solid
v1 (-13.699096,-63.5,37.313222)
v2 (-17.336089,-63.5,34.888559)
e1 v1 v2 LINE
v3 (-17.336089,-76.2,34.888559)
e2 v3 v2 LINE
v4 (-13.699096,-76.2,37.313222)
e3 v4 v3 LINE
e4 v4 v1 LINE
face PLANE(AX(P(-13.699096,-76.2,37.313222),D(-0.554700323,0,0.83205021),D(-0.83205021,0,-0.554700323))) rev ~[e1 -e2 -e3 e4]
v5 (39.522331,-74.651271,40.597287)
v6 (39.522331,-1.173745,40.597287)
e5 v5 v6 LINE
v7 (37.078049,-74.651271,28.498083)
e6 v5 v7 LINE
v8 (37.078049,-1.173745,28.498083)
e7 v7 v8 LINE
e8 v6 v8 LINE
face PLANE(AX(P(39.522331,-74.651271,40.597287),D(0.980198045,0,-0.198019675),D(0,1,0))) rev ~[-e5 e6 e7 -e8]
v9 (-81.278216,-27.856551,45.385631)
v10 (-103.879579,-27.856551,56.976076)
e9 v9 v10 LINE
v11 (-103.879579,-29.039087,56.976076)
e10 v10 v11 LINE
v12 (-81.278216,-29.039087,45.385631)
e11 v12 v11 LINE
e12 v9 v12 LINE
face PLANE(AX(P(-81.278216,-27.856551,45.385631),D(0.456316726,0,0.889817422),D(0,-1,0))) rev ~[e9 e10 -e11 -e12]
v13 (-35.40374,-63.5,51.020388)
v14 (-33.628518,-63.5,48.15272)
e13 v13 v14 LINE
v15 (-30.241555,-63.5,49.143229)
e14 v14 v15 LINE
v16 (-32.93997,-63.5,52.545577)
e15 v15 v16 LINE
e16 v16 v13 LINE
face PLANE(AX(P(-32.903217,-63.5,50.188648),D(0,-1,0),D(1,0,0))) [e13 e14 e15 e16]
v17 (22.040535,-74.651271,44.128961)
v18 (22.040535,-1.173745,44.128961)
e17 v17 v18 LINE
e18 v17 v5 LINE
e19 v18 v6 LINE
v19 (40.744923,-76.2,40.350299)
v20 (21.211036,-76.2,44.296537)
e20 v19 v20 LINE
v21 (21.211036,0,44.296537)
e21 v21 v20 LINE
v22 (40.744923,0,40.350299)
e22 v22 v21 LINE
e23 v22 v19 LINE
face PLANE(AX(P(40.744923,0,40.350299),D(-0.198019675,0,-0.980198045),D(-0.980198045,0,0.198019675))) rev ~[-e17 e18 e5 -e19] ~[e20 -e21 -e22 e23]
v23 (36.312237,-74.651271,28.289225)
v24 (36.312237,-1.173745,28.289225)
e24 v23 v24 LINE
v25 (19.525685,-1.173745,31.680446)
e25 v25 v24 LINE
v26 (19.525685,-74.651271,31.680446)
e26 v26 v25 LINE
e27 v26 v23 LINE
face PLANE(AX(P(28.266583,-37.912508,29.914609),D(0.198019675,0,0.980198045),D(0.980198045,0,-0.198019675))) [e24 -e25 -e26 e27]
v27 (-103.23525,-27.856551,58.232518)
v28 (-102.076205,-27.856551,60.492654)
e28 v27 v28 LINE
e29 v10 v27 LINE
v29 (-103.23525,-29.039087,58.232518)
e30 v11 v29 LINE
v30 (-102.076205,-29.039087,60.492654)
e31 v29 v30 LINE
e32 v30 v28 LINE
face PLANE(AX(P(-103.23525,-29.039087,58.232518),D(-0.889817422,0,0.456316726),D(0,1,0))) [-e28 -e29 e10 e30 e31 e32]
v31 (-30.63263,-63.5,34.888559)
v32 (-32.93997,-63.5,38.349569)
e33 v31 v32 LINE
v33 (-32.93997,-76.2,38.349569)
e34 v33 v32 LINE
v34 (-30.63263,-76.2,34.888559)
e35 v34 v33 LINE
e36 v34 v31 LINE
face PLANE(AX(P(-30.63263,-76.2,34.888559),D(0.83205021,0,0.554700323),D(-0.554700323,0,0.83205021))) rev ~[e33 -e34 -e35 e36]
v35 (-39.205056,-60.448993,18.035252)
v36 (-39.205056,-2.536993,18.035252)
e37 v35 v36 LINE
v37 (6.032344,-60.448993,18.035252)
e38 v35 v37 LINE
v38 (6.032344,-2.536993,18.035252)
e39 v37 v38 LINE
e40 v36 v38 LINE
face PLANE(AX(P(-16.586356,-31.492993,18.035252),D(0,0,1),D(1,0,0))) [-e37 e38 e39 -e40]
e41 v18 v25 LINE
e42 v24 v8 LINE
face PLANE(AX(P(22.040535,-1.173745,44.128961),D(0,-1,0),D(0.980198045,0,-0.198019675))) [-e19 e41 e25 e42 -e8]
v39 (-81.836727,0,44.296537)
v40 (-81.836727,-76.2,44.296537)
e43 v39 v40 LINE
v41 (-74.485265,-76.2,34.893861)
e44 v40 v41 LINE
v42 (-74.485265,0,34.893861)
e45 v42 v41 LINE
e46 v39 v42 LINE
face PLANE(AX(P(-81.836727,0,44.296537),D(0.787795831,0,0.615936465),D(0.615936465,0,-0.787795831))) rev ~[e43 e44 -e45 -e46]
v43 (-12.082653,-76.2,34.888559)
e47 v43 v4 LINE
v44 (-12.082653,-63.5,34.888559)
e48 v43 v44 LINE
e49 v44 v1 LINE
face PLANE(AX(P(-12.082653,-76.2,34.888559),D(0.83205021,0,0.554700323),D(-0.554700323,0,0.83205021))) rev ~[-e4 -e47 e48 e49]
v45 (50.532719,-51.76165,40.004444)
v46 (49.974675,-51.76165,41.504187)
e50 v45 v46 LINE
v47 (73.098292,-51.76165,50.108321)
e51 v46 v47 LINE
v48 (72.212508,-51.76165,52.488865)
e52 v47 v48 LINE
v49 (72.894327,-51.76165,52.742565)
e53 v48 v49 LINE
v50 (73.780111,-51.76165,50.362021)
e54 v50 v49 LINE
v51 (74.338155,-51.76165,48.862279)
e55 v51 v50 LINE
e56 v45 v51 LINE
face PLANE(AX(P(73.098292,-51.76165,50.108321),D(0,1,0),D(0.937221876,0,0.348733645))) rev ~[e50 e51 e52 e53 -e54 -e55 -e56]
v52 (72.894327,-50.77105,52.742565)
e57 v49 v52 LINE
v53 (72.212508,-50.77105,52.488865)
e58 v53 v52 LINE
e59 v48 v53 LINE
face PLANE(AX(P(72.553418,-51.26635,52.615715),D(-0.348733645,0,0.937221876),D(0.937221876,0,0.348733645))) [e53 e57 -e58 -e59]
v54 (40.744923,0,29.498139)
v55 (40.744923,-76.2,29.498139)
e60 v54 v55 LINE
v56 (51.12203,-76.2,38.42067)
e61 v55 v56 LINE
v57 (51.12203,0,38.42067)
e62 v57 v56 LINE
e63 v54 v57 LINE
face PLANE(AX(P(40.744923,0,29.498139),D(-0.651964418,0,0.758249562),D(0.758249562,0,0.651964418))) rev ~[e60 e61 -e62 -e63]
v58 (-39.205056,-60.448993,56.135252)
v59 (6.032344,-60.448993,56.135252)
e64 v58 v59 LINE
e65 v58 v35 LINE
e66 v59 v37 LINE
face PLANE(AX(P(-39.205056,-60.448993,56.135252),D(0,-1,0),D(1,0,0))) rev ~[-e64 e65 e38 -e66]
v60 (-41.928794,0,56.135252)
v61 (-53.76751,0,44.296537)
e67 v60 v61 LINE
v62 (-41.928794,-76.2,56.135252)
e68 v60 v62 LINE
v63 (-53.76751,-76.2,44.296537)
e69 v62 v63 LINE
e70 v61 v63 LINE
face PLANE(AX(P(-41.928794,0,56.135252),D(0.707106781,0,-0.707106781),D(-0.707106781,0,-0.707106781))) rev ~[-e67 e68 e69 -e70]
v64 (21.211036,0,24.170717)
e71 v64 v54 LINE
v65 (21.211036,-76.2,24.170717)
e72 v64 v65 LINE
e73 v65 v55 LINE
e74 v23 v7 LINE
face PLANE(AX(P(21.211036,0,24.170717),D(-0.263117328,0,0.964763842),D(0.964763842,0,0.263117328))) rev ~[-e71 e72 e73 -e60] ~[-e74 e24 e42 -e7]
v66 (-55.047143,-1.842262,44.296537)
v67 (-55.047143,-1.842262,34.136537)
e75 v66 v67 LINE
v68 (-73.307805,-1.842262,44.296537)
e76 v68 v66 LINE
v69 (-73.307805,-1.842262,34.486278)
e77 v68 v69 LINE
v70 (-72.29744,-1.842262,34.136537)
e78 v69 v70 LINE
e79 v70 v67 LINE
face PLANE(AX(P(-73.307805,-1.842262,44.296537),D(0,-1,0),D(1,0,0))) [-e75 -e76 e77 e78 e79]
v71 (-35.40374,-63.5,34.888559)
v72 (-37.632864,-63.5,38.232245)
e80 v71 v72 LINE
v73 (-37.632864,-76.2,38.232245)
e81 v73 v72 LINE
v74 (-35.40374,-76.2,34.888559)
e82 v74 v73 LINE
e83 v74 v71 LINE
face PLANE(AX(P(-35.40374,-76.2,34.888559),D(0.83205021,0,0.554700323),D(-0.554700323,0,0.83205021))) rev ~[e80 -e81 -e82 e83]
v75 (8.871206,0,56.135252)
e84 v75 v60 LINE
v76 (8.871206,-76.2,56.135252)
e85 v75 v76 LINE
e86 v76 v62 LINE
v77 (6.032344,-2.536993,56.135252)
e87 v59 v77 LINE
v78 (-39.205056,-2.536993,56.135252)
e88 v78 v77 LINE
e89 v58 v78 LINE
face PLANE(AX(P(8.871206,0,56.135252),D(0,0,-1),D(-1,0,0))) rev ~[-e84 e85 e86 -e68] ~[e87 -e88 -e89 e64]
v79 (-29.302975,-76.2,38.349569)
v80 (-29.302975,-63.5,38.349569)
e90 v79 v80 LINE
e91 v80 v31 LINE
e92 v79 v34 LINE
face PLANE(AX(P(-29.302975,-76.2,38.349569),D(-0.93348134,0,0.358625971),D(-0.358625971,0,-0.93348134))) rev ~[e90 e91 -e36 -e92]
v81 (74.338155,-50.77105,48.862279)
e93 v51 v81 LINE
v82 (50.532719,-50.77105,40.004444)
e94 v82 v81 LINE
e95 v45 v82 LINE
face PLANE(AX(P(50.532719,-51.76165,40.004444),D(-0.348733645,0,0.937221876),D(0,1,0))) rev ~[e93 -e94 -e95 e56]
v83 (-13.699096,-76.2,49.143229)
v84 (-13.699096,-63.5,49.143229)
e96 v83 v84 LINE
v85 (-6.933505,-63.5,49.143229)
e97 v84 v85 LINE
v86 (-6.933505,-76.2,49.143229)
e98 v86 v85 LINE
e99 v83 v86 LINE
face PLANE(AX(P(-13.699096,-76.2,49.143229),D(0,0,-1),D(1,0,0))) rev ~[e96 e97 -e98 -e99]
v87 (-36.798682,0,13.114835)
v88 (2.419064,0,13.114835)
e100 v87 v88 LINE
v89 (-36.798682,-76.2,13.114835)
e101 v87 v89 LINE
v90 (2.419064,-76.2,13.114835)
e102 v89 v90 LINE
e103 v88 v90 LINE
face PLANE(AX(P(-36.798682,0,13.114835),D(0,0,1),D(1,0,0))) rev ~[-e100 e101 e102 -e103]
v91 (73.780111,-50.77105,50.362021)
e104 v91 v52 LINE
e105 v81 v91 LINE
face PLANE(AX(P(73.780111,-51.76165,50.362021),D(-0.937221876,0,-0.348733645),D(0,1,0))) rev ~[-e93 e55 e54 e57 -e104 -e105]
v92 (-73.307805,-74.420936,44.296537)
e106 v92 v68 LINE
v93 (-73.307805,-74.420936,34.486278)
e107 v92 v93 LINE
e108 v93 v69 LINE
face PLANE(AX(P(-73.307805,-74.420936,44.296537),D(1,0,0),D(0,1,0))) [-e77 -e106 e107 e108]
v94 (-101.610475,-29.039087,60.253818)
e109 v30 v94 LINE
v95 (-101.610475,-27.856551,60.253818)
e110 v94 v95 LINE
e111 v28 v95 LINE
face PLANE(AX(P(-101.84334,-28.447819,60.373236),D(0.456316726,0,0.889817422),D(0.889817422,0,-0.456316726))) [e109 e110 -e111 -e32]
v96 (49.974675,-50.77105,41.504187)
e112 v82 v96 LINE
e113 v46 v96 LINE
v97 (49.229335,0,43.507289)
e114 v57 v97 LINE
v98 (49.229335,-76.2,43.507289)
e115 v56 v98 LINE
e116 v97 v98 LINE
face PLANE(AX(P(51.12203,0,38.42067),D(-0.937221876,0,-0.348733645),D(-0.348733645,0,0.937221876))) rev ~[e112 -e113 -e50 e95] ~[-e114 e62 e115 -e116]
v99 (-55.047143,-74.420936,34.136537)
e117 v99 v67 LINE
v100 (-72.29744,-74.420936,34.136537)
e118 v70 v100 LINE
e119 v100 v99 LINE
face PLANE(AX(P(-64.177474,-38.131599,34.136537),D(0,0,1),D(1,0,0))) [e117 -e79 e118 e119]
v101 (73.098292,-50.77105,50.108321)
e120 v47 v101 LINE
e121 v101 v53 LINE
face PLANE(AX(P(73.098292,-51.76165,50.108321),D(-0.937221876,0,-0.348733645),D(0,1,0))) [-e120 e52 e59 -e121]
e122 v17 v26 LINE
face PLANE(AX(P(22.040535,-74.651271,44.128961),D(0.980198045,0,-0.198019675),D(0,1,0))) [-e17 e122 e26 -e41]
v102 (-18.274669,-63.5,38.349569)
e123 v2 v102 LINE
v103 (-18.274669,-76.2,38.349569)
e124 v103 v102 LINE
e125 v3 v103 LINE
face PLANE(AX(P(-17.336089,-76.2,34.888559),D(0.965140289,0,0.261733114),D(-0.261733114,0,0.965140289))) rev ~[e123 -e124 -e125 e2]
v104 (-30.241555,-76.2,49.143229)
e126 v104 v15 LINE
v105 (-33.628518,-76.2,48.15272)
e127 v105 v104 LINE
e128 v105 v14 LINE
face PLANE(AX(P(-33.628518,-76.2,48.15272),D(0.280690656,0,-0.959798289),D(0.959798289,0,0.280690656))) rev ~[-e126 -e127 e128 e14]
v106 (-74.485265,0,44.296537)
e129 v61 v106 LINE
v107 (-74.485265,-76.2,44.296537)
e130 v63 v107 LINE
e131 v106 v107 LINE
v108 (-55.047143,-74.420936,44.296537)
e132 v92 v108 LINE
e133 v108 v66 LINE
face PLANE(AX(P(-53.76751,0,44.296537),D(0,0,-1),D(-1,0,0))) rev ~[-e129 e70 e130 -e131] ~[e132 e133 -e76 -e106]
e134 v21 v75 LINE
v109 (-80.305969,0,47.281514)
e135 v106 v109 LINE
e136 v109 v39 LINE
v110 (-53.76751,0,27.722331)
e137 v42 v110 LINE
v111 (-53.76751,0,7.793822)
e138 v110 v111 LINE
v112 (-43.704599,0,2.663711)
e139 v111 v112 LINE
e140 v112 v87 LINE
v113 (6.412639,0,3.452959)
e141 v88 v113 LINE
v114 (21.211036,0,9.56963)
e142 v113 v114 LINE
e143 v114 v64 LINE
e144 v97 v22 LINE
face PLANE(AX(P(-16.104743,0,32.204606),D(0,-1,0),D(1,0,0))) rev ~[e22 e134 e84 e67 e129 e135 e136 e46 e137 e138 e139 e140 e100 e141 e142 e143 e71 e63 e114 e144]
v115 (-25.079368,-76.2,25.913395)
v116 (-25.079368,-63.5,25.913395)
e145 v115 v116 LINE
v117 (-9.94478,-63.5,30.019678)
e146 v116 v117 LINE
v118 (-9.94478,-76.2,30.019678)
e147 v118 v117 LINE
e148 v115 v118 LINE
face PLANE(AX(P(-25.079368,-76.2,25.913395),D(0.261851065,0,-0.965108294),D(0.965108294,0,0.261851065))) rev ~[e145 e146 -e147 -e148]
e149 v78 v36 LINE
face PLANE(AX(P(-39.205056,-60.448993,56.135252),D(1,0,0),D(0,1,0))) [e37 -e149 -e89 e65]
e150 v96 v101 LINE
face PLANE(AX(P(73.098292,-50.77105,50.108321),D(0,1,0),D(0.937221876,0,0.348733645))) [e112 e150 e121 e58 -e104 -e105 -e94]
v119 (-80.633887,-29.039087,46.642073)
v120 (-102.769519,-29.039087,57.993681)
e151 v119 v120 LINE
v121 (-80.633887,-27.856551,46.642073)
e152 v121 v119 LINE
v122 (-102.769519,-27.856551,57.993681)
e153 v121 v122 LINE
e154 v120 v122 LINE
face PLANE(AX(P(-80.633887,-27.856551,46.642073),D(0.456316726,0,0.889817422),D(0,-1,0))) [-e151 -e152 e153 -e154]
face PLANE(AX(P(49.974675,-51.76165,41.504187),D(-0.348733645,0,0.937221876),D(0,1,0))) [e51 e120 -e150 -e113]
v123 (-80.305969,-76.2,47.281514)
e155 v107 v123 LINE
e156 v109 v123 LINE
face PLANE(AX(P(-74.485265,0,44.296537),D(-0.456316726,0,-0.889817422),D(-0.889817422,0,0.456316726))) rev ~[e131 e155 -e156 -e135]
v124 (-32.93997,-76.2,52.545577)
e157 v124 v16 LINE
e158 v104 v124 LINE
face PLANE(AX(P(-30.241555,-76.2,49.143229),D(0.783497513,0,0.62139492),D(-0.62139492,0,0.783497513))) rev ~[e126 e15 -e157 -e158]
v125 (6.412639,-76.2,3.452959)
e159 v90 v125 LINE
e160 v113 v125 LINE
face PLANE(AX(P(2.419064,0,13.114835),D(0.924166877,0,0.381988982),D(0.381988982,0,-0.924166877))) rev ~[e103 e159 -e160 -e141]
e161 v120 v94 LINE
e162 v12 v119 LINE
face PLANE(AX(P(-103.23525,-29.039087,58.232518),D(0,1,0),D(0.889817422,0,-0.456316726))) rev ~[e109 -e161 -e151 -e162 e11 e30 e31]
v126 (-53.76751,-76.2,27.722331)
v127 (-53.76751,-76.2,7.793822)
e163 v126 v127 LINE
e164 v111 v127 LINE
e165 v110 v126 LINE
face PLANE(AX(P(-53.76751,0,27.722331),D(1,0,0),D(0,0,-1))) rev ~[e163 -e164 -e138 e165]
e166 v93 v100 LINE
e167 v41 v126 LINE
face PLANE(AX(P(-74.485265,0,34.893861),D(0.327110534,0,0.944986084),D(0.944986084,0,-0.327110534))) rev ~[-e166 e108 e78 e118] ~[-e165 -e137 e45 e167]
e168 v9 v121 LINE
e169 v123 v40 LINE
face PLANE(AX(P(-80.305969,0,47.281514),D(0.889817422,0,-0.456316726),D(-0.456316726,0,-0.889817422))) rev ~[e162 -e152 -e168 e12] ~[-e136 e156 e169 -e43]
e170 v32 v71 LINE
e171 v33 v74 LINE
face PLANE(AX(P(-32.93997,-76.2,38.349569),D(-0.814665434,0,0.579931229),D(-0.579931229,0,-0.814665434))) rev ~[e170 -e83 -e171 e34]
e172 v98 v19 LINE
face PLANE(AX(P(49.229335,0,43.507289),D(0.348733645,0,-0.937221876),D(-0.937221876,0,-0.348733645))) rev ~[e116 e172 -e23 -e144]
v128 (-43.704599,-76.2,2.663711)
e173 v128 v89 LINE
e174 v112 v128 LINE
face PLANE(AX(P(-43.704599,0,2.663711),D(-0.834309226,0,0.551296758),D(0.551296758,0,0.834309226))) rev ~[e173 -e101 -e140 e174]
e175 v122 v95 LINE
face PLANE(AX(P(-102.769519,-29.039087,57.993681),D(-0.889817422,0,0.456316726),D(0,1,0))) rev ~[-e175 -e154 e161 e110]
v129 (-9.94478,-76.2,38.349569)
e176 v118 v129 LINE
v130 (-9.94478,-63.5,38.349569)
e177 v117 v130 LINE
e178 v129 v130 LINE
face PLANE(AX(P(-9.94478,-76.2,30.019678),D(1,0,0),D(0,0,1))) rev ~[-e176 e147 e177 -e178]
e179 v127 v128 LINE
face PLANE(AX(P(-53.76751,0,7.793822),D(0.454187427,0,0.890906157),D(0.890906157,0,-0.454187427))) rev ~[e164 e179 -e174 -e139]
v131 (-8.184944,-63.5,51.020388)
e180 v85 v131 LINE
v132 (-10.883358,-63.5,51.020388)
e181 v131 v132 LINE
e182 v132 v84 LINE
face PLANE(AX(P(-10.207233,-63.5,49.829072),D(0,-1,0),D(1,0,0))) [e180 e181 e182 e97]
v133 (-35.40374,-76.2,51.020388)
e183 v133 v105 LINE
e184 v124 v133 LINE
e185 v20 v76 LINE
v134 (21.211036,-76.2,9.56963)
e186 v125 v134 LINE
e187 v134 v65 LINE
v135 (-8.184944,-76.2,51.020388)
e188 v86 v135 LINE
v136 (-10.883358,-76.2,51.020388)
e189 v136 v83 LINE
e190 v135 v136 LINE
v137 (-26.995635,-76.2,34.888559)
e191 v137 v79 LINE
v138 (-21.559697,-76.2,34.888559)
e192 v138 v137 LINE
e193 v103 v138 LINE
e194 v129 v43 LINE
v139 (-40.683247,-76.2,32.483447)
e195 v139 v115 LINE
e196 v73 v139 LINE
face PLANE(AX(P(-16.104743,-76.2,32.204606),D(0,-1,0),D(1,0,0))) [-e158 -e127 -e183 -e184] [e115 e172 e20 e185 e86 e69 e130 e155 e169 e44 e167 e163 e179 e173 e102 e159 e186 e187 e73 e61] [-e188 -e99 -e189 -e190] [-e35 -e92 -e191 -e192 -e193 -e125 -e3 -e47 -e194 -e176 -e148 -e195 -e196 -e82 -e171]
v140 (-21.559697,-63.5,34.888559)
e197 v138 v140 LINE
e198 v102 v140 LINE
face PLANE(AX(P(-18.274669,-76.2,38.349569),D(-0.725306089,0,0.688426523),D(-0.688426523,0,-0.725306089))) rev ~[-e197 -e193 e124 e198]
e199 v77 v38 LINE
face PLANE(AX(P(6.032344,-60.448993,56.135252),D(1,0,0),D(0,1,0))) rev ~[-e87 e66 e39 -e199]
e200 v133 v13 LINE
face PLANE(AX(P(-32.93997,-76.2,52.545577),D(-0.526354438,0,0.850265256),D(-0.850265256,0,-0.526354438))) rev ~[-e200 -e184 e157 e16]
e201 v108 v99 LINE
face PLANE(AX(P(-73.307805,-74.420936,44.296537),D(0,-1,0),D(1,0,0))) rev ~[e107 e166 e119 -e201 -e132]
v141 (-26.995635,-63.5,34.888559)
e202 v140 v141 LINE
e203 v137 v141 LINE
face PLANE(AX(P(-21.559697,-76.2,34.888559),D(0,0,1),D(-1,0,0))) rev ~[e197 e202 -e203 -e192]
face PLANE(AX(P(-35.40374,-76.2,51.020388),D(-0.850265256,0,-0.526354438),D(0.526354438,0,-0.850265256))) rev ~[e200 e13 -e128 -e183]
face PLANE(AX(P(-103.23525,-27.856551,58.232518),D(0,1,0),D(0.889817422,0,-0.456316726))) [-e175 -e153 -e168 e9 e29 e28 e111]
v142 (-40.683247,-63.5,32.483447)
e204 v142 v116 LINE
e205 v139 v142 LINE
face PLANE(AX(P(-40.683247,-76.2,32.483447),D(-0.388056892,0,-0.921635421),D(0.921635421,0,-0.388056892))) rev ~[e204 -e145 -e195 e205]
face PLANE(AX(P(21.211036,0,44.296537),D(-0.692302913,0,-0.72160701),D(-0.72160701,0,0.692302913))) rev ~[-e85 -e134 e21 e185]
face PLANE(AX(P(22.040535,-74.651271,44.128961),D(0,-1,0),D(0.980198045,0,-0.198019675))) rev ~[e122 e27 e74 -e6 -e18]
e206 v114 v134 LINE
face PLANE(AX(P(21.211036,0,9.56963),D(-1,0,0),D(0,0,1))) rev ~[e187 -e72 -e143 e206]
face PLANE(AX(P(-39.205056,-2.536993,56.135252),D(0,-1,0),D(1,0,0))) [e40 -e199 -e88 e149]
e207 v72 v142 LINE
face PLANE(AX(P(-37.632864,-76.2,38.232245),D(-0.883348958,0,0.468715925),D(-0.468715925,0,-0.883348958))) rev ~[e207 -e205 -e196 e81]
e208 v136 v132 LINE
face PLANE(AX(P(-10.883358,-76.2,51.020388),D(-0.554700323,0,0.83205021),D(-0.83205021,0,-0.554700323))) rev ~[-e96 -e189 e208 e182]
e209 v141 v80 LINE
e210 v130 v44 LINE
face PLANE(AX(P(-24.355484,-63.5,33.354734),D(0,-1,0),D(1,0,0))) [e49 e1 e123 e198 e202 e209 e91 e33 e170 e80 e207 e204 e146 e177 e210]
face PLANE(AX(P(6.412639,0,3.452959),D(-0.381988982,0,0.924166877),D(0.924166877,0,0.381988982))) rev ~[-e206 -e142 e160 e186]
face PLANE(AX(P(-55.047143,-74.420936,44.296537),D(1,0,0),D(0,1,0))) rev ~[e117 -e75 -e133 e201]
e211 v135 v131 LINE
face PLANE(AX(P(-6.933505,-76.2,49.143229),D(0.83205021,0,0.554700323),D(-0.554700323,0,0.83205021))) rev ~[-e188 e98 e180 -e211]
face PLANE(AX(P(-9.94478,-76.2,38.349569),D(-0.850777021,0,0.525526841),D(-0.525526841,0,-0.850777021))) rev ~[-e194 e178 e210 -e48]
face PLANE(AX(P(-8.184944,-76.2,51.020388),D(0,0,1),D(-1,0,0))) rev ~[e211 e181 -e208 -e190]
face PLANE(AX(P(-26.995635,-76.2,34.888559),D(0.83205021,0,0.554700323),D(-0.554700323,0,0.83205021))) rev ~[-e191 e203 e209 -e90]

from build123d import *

# Parameters (mm, degrees)
F1_DEPTH  = 76.2
F2_W      = 45.2374
F2_H      = 57.912
F3_DEPTH  = 38.1
F4_W      = 0.9906
F4_H      = 1.6002
F5_DEPTH  = 25.4
F6_W      = 0.7274897046
F6_H      = 0.9906
F7_DEPTH  = 2.54
F8_W      = 1.1825356632
F8_H      = 1.4120219275
F9_DEPTH  = 25.4
F10_W     = 0.5234003049
F10_H     = 1.1825356632
F11_DEPTH = 2.54
F13_DEPTH = 12.7
F14_W     = 17.834963277
F14_H     = 73.4775259625
F15_DEPTH = 12.7
F16_W     = 18.2606615126
F16_H     = 72.5786741823
F17_DEPTH = 10.16


with BuildPart() as f1:
    # F0 (on Front) → F1 (new body)
    with BuildSketch(Plane.XZ):
        Polygon((8.871205765, 56.1352521181), (-41.928794235, 56.1352521181), (-53.7675097585, 44.2965365946), (-74.4852647185, 44.2965365946), (-80.3059687692, 47.2815136811), (-81.8367265829, 44.2965365946), (-74.4852647185, 34.8938606037), (-53.7675097585, 27.7223307639), (-53.7675097585, 7.7938223258), (-43.7045991421, 2.6637113187), (-36.7986820638, 13.1148345131), (2.4190642002, 13.1148345131), (6.4126392826, 3.4529594705), (21.2110355496, 9.5696300268), (21.2110355496, 24.1707172245), (40.7449230552, 29.4981393963), (51.1220302522, 38.4206696416), (49.2293350399, 43.5072891414), (40.7449230552, 40.3502993286), (21.2110355496, 44.2965365946), align=None)
    extrude(amount=F1_DEPTH)

    # F2 (on face) → F3 (cut)
    with BuildSketch(Plane.XY.offset(56.1352521181)):
        with Locations((-16.5863556839, -31.4929929974)):
            Rectangle(F2_W, F2_H)
    extrude(amount=-F3_DEPTH, mode=Mode.SUBTRACT)

    # F4 (on face) → F5 (join)
    with BuildSketch(Plane(origin=(57.4622590525, 0, 21.381301), x_dir=(0, 1, 0), z_dir=(0.9372218761, 0, 0.3487336448))):
        with Locations((-51.2663501552, 20.6706811054)):
            Rectangle(F4_W, F4_H)
    extrude(amount=F5_DEPTH)

    # F6 (on face) → F7 (join)
    with BuildSketch(Plane(origin=(-7.487583751, 0, 20.1228857485), x_dir=(0.9372218761, 0, 0.3487336448), z_dir=(-0.3487336448, 0, 0.9372218761))):
        with Locations((86.3475204084, -51.2663501552)):
            Rectangle(F6_W, F6_H)
    extrude(amount=F7_DEPTH)

    # F8 (on face) → F9 (join)
    with BuildSketch(Plane(origin=(-82.7823804145, 0, 42.4525120249), x_dir=(0, -1, 0), z_dir=(-0.8898174224, 0, 0.4563167263))):
        with Locations((28.4478189424, 4.0023266338)):
            Rectangle(F8_W, F8_H)
    extrude(amount=F9_DEPTH)

    # F10 (on face) → F11 (join)
    with BuildSketch(Plane(origin=(2.1484931989, 0, 4.1895608251), x_dir=(0.8898174224, 0, -0.4563167263), z_dir=(0.4563167263, 0, 0.8898174224))):
        with Locations((-118.1712955227, -28.4478189424)):
            Rectangle(F10_W, F10_H)
    extrude(amount=F11_DEPTH)

    # F12 (on face) → F13 (cut)
    with BuildSketch(Plane.XZ.offset(76.2)):
        Polygon((-35.403739661, 34.8885591957), (-37.6328639686, 38.2322445512), (-40.683247149, 32.4834473431), (-25.0793676823, 25.9133949876), (-9.9447797984, 30.0196781754), (-9.9447797984, 38.3495688438), (-12.0826530857, 34.8885591957), (-13.6990956962, 37.3132223095), (-17.336089164, 34.8885591957), (-18.2746686041, 38.3495688438), (-21.5596966445, 34.8885591957), (-26.9956346343, 34.8885591957), (-29.3029751629, 38.3495688438), (-30.6326299647, 34.8885591957), (-32.9399704933, 38.3495688438), align=None)
        Polygon((-30.241554603, 49.1432286799), (-32.9399704933, 52.5455772877), (-35.403739661, 51.0203875601), (-33.6285175147, 48.1527196821), align=None)
        Polygon((-8.1849442795, 51.0203875601), (-10.8833583072, 51.0203875601), (-13.6990956962, 49.1432286799), (-6.9335046121, 49.1432286799), align=None)
    extrude(amount=-F13_DEPTH, mode=Mode.SUBTRACT)

    # F14 (on face) → F15 (cut)
    with BuildSketch(Plane(origin=(9.429613944, 0, 46.6766201788), x_dir=(0.9801980455, 0, -0.198019675), z_dir=(0.198019675, 0, 0.9801980455))):
        with Locations((21.7831684276, -37.9125081236)):
            Rectangle(F14_W, F14_H)
    extrude(amount=-F15_DEPTH, mode=Mode.SUBTRACT)

    # F16 (on face) → F17 (cut)
    with BuildSketch(Plane.XY.offset(44.2965365946)):
        with Locations((-64.177474007, -38.1315993145)):
            Rectangle(F16_W, F16_H)
    extrude(amount=-F17_DEPTH, mode=Mode.SUBTRACT)


solid = f1.part
